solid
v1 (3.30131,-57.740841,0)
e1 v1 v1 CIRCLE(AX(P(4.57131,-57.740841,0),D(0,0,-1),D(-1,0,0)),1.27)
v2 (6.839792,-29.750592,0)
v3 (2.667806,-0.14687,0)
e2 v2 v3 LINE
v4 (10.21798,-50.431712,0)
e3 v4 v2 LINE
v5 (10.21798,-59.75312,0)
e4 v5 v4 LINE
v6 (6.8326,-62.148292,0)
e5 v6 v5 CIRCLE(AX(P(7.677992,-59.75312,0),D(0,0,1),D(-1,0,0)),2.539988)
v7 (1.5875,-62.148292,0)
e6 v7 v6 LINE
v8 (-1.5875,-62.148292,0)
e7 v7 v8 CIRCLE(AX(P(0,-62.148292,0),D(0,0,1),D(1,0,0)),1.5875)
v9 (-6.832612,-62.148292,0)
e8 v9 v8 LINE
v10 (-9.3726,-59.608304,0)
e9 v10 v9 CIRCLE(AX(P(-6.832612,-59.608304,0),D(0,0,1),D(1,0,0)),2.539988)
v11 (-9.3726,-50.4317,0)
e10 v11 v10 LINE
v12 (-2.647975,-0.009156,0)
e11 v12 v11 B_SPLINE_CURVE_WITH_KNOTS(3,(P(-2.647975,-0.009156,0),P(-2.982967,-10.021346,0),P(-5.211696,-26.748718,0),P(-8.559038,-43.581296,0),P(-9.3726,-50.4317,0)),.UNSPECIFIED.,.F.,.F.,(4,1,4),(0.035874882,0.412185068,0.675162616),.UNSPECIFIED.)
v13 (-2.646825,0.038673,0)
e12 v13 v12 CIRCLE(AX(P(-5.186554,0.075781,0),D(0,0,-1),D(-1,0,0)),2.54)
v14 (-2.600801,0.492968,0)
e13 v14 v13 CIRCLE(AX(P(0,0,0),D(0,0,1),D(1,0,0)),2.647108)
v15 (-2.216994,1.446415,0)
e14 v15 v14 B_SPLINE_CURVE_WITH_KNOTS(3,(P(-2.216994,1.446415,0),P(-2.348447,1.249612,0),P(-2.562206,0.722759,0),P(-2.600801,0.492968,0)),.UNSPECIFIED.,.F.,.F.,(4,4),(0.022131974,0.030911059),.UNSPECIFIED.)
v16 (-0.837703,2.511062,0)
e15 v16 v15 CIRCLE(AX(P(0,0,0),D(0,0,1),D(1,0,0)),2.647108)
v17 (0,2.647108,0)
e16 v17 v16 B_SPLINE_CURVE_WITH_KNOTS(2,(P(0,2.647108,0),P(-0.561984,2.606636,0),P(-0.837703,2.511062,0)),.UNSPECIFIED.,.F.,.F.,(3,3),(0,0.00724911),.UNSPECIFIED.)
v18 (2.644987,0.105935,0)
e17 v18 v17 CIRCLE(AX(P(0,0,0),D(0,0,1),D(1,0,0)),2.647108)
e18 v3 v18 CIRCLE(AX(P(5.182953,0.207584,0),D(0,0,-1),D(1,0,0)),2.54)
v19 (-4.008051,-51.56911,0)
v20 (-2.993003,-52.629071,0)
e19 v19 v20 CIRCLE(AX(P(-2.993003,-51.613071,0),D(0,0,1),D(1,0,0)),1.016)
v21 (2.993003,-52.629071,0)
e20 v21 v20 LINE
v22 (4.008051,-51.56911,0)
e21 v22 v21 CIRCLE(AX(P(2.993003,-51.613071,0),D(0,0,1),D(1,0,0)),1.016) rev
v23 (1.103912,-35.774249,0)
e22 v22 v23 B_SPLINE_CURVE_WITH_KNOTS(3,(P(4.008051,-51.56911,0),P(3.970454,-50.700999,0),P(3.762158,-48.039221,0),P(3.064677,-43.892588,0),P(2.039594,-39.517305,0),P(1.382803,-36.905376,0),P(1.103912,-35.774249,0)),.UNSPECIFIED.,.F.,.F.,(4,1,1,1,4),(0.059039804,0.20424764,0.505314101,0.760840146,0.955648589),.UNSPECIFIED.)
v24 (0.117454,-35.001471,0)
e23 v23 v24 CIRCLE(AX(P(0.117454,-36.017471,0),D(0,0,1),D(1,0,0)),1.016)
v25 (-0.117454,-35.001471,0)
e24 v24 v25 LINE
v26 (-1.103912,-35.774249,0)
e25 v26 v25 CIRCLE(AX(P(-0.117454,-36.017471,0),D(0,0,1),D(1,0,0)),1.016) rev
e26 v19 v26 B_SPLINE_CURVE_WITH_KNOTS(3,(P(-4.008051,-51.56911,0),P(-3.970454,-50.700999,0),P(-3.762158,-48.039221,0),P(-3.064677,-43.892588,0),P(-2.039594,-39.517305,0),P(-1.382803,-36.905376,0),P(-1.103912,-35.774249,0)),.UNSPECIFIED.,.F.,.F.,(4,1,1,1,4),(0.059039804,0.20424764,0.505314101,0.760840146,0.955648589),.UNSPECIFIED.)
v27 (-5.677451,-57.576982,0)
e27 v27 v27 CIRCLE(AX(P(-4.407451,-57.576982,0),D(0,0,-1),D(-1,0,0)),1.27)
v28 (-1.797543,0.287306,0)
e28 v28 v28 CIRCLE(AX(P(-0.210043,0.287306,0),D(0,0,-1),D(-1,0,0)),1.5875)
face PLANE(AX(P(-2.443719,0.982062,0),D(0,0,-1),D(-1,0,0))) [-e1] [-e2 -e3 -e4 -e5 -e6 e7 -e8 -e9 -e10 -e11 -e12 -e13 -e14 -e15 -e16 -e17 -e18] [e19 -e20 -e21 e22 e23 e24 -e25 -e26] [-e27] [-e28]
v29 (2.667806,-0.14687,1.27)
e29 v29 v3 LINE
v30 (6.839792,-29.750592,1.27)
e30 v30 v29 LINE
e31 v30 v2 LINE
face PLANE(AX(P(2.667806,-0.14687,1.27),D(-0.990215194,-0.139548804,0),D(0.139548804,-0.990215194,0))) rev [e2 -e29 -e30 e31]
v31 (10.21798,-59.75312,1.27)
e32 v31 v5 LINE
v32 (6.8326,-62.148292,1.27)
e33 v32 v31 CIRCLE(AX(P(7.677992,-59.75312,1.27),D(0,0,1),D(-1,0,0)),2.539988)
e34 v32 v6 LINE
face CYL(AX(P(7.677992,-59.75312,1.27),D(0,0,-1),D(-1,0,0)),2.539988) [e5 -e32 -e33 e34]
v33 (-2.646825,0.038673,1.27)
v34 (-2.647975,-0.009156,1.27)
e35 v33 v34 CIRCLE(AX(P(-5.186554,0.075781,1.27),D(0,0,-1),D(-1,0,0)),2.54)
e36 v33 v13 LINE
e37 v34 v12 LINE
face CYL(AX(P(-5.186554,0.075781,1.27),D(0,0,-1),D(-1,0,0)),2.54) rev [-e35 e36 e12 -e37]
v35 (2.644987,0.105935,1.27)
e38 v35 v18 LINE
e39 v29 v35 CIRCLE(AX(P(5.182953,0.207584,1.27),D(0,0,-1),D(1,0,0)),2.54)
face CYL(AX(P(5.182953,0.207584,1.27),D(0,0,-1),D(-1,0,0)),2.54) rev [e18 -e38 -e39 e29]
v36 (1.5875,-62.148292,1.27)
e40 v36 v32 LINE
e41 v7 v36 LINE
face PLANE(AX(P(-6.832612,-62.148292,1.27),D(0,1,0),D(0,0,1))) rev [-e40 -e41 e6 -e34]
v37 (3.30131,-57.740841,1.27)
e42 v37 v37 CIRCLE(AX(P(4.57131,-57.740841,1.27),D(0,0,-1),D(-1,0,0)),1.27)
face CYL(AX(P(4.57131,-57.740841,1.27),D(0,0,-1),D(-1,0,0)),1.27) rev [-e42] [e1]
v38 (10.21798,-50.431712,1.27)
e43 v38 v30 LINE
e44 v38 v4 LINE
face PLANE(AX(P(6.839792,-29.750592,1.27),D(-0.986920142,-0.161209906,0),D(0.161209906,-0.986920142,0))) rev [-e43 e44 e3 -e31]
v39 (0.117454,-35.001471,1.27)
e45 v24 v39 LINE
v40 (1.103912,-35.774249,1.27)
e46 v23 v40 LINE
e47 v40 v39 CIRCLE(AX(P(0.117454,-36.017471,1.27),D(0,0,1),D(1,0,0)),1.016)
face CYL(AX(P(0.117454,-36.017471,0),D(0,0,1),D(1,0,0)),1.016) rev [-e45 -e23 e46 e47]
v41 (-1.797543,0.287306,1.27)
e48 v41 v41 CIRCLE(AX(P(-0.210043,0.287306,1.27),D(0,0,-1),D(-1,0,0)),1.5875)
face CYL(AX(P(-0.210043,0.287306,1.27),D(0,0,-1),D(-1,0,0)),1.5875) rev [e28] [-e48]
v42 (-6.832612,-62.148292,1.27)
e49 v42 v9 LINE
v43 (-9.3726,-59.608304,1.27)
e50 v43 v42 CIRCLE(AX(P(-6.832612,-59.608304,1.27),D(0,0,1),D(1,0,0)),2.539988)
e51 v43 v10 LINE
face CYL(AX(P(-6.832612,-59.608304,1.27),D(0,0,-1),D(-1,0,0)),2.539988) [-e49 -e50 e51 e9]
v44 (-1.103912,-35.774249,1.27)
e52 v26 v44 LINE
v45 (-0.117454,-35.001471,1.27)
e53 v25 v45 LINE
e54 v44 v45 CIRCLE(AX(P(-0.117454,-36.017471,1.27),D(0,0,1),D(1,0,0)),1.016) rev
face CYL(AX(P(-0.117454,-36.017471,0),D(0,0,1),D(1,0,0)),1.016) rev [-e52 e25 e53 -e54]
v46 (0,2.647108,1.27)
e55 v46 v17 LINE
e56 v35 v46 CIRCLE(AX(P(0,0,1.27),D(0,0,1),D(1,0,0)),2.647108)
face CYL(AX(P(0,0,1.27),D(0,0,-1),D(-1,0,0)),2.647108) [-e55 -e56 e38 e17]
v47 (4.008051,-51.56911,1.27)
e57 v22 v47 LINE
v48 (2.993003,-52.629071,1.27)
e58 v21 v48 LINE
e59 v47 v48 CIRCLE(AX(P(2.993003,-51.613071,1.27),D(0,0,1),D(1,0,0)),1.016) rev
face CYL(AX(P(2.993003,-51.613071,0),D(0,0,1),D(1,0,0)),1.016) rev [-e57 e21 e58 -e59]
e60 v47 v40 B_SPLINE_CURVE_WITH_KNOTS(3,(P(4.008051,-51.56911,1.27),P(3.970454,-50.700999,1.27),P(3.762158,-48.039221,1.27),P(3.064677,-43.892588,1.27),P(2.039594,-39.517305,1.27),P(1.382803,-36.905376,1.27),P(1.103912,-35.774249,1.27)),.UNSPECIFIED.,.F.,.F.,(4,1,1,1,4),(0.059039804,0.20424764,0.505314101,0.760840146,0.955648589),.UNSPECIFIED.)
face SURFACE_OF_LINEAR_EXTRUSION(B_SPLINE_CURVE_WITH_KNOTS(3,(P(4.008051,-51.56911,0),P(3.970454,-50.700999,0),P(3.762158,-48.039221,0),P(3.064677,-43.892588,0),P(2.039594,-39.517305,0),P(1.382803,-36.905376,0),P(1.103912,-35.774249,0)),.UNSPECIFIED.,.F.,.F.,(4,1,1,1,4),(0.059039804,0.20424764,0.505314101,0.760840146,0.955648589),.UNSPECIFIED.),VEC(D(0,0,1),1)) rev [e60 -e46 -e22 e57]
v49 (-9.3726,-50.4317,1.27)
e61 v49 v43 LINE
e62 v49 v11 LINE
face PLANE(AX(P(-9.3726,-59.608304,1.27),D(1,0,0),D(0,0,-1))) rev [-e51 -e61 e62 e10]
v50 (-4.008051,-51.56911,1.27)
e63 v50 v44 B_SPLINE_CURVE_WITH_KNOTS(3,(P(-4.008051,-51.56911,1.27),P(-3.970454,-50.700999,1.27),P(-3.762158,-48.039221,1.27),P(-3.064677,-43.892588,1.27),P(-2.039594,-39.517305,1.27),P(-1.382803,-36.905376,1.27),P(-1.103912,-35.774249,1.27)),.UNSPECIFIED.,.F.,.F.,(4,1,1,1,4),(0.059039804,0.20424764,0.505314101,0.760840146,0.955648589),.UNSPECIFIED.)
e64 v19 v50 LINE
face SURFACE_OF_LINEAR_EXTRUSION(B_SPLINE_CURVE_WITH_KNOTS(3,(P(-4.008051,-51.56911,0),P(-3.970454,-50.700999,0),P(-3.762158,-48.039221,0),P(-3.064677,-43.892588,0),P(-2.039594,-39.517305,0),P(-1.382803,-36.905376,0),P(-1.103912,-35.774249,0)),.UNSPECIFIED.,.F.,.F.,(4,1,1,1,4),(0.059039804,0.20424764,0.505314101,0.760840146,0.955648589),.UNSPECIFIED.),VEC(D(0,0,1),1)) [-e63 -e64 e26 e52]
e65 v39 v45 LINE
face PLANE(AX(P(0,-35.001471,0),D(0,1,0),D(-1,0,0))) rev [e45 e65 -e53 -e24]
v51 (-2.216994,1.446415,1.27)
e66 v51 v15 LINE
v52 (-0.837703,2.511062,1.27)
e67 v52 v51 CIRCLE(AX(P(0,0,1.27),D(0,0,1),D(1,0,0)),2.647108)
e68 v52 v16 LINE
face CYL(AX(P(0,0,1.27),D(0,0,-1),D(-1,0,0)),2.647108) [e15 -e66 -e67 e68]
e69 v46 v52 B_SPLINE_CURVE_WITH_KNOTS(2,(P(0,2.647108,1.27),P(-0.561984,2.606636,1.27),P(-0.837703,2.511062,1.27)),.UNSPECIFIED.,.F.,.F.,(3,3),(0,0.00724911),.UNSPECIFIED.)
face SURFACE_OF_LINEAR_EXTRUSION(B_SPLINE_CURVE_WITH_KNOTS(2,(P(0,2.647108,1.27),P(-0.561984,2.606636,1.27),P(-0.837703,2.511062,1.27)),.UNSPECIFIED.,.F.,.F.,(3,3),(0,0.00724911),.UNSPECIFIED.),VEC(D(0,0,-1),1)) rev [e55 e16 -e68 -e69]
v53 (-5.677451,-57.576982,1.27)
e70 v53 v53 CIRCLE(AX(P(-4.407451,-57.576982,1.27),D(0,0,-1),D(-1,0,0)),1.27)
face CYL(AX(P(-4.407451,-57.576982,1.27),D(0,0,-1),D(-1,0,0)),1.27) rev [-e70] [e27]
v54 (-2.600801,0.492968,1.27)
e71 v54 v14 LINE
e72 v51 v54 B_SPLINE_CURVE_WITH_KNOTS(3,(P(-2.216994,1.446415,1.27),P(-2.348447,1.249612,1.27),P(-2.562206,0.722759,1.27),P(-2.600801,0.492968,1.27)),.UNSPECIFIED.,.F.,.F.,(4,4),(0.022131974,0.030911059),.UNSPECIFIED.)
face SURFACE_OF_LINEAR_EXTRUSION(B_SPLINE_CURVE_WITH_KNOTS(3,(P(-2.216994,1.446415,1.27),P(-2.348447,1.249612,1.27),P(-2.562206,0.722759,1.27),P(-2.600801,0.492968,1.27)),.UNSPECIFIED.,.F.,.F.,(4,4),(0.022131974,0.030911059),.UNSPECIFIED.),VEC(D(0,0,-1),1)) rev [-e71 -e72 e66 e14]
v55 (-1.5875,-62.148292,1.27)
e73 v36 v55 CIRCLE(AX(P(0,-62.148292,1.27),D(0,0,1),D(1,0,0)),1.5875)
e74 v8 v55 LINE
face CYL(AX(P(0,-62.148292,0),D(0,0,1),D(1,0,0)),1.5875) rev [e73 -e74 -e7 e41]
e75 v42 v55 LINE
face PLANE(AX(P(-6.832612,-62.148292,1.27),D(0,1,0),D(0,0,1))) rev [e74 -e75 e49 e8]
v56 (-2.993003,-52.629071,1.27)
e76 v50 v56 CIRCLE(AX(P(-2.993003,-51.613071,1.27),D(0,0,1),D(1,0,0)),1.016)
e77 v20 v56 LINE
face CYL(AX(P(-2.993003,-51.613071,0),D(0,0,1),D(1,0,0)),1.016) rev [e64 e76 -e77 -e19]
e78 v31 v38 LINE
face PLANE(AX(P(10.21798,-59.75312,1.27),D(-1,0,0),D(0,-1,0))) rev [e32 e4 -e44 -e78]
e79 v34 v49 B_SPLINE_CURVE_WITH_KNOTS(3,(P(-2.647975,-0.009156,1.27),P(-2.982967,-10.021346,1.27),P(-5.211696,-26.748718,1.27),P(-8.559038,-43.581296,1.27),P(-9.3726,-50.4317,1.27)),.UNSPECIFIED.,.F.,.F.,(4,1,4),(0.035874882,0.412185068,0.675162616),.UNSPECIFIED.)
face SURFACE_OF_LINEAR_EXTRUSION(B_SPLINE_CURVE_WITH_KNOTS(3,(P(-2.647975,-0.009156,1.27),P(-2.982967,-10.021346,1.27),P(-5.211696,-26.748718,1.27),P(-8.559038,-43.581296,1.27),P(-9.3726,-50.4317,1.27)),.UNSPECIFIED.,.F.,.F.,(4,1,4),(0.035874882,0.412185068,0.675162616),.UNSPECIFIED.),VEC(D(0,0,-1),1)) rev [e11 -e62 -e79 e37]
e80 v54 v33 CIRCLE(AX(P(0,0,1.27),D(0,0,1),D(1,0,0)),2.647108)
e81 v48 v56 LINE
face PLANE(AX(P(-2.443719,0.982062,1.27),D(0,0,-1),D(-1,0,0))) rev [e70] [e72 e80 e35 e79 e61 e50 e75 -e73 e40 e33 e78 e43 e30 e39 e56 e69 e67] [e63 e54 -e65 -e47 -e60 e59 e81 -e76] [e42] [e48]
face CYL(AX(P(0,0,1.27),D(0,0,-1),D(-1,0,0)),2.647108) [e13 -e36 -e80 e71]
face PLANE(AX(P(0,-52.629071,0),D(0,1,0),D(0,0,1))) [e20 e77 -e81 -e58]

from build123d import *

# Parameters (mm, degrees)
BOSS_EXTRUDE1_DEPTH = 1.27
CUT_EXTRUDE2_DEPTH  = 64.13835029
SKETCH4_R           = 1.27
SKETCH4_R_2         = 1.5875
CUT_EXTRUDE3_DEPTH  = 64.13835029


with BuildPart() as part:
    # Sketch1 → Boss-Extrude1 (new body)
    with BuildSketch(Plane.XY):
        with BuildLine():
            Line((-6.832612328, -62.148292065), (6.8326, -62.148292065))
            ThreePointArc((6.8326, -62.148292065), (9.145004667, -61.82662212), (10.217979737, -59.753119914))
            Line((10.217979737, -59.753119914), (10.217979737, -50.431712328))
            Line((10.217979737, -50.431712328), (6.839792065, -29.750592065))
            Line((6.839792065, -29.750592065), (2.667806008, -0.146870092))
            ThreePointArc((2.667806008, -0.146870092), (2.653236727, -0.020752709), (2.644987367, 0.105935121))
            ThreePointArc((2.644987367, 0.105935121), (1.833951843, 1.908874292), (0, 2.647107935))
            add(Edge.make_bspline(
                [(0, 2.647107935), (-0.561984482, 2.60663561), (-0.837703259, 2.51106226)],
                knots=[0, 0, 0, 0.00724911, 0.00724911, 0.00724911], degree=2))
            ThreePointArc((-0.837703259, 2.51106226), (-1.617455697, 2.09547548), (-2.216994409, 1.446414952))
            add(Edge.make_bspline(
                [(-2.216994409, 1.446414952), (-2.348446751, 1.249612458), (-2.562206256, 0.722759125), (-2.600800514, 0.492967657)],
                knots=[0.022131974, 0.022131974, 0.022131974, 0.022131974, 0.030911059, 0.030911059, 0.030911059, 0.030911059], degree=3))
            ThreePointArc((-2.600800514, 0.492967657), (-2.63362686, 0.266814516), (-2.646825425, 0.038672871))
            ThreePointArc((-2.646825425, 0.038672871), (-2.647287537, 0.01475577), (-2.647974875, -0.009155919))
            add(Edge.make_bspline(
                [(-2.647974875, -0.009155919), (-2.982966974, -10.021345785), (-5.211696232, -26.748717576), (-8.559038061, -43.581295567), (-9.3726, -50.4317)],
                knots=[0.035874882, 0.035874882, 0.035874882, 0.035874882, 0.412185068, 0.675162616, 0.675162616, 0.675162616, 0.675162616], degree=3))
            Line((-9.3726, -50.4317), (-9.3726, -59.608304393))
            ThreePointArc((-9.3726, -59.608304393), (-8.628654835, -61.4043469), (-6.832612328, -62.148292065))
        make_face()
    extrude(amount=BOSS_EXTRUDE1_DEPTH)

    # Sketch2 → Cut-Extrude2 (cut, through all)
    with BuildSketch(Plane.XY.offset(1.27)):
        with BuildLine():
            ThreePointArc((1.5875, -62.148292065), (0, -60.560792065), (-1.5875, -62.148292065))
            Line((-1.5875, -62.148292065), (1.5875, -62.148292065))
        make_face()
        with BuildLine():
            Line((-2.993002621, -52.629071042), (2.993002621, -52.629071042))
            ThreePointArc((2.993002621, -52.629071042), (3.726800948, -52.31577725), (4.008051125, -51.569110442))
            add(Edge.make_bspline(
                [(4.008051125, -51.569110442), (3.970454208, -50.700999098), (3.762157848, -48.039220625), (3.064677271, -43.892588352), (2.039593657, -39.517305496), (1.382803309, -36.905376029), (1.10391193, -35.774249306)],
                knots=[0.059039804, 0.059039804, 0.059039804, 0.059039804, 0.20424764, 0.505314101, 0.760840146, 0.955648589, 0.955648589, 0.955648589, 0.955648589], degree=3))
            ThreePointArc((1.10391193, -35.774249306), (0.744009182, -35.217668165), (0.11745403, -35.001471042))
            Line((0.11745403, -35.001471042), (-0.11745403, -35.001471042))
            ThreePointArc((-0.11745403, -35.001471042), (-0.744009182, -35.217668165), (-1.10391193, -35.774249306))
            add(Edge.make_bspline(
                [(-4.008051125, -51.569110442), (-3.970454208, -50.700999098), (-3.762157848, -48.039220625), (-3.064677271, -43.892588352), (-2.039593657, -39.517305496), (-1.382803309, -36.905376029), (-1.10391193, -35.774249306)],
                knots=[0.059039804, 0.059039804, 0.059039804, 0.059039804, 0.20424764, 0.505314101, 0.760840146, 0.955648589, 0.955648589, 0.955648589, 0.955648589], degree=3))
            ThreePointArc((-4.008051125, -51.569110442), (-3.726800948, -52.31577725), (-2.993002621, -52.629071042))
        make_face()
    extrude(amount=-CUT_EXTRUDE2_DEPTH, mode=Mode.SUBTRACT)

    # Sketch4 → Cut-Extrude3 (cut, through all)
    with BuildSketch(Plane(origin=(0, 0, 0), x_dir=(-1, 0, 0), z_dir=(0, 0, -1))):
        with Locations((4.407451174, -57.57698217)):
            Circle(SKETCH4_R)
        with Locations((-4.571309894, -57.740840891)):
            Circle(SKETCH4_R)
        with Locations((0.210042576, 0.287306268)):
            Circle(SKETCH4_R_2)
    extrude(amount=-CUT_EXTRUDE3_DEPTH, mode=Mode.SUBTRACT)


solid = part.part
